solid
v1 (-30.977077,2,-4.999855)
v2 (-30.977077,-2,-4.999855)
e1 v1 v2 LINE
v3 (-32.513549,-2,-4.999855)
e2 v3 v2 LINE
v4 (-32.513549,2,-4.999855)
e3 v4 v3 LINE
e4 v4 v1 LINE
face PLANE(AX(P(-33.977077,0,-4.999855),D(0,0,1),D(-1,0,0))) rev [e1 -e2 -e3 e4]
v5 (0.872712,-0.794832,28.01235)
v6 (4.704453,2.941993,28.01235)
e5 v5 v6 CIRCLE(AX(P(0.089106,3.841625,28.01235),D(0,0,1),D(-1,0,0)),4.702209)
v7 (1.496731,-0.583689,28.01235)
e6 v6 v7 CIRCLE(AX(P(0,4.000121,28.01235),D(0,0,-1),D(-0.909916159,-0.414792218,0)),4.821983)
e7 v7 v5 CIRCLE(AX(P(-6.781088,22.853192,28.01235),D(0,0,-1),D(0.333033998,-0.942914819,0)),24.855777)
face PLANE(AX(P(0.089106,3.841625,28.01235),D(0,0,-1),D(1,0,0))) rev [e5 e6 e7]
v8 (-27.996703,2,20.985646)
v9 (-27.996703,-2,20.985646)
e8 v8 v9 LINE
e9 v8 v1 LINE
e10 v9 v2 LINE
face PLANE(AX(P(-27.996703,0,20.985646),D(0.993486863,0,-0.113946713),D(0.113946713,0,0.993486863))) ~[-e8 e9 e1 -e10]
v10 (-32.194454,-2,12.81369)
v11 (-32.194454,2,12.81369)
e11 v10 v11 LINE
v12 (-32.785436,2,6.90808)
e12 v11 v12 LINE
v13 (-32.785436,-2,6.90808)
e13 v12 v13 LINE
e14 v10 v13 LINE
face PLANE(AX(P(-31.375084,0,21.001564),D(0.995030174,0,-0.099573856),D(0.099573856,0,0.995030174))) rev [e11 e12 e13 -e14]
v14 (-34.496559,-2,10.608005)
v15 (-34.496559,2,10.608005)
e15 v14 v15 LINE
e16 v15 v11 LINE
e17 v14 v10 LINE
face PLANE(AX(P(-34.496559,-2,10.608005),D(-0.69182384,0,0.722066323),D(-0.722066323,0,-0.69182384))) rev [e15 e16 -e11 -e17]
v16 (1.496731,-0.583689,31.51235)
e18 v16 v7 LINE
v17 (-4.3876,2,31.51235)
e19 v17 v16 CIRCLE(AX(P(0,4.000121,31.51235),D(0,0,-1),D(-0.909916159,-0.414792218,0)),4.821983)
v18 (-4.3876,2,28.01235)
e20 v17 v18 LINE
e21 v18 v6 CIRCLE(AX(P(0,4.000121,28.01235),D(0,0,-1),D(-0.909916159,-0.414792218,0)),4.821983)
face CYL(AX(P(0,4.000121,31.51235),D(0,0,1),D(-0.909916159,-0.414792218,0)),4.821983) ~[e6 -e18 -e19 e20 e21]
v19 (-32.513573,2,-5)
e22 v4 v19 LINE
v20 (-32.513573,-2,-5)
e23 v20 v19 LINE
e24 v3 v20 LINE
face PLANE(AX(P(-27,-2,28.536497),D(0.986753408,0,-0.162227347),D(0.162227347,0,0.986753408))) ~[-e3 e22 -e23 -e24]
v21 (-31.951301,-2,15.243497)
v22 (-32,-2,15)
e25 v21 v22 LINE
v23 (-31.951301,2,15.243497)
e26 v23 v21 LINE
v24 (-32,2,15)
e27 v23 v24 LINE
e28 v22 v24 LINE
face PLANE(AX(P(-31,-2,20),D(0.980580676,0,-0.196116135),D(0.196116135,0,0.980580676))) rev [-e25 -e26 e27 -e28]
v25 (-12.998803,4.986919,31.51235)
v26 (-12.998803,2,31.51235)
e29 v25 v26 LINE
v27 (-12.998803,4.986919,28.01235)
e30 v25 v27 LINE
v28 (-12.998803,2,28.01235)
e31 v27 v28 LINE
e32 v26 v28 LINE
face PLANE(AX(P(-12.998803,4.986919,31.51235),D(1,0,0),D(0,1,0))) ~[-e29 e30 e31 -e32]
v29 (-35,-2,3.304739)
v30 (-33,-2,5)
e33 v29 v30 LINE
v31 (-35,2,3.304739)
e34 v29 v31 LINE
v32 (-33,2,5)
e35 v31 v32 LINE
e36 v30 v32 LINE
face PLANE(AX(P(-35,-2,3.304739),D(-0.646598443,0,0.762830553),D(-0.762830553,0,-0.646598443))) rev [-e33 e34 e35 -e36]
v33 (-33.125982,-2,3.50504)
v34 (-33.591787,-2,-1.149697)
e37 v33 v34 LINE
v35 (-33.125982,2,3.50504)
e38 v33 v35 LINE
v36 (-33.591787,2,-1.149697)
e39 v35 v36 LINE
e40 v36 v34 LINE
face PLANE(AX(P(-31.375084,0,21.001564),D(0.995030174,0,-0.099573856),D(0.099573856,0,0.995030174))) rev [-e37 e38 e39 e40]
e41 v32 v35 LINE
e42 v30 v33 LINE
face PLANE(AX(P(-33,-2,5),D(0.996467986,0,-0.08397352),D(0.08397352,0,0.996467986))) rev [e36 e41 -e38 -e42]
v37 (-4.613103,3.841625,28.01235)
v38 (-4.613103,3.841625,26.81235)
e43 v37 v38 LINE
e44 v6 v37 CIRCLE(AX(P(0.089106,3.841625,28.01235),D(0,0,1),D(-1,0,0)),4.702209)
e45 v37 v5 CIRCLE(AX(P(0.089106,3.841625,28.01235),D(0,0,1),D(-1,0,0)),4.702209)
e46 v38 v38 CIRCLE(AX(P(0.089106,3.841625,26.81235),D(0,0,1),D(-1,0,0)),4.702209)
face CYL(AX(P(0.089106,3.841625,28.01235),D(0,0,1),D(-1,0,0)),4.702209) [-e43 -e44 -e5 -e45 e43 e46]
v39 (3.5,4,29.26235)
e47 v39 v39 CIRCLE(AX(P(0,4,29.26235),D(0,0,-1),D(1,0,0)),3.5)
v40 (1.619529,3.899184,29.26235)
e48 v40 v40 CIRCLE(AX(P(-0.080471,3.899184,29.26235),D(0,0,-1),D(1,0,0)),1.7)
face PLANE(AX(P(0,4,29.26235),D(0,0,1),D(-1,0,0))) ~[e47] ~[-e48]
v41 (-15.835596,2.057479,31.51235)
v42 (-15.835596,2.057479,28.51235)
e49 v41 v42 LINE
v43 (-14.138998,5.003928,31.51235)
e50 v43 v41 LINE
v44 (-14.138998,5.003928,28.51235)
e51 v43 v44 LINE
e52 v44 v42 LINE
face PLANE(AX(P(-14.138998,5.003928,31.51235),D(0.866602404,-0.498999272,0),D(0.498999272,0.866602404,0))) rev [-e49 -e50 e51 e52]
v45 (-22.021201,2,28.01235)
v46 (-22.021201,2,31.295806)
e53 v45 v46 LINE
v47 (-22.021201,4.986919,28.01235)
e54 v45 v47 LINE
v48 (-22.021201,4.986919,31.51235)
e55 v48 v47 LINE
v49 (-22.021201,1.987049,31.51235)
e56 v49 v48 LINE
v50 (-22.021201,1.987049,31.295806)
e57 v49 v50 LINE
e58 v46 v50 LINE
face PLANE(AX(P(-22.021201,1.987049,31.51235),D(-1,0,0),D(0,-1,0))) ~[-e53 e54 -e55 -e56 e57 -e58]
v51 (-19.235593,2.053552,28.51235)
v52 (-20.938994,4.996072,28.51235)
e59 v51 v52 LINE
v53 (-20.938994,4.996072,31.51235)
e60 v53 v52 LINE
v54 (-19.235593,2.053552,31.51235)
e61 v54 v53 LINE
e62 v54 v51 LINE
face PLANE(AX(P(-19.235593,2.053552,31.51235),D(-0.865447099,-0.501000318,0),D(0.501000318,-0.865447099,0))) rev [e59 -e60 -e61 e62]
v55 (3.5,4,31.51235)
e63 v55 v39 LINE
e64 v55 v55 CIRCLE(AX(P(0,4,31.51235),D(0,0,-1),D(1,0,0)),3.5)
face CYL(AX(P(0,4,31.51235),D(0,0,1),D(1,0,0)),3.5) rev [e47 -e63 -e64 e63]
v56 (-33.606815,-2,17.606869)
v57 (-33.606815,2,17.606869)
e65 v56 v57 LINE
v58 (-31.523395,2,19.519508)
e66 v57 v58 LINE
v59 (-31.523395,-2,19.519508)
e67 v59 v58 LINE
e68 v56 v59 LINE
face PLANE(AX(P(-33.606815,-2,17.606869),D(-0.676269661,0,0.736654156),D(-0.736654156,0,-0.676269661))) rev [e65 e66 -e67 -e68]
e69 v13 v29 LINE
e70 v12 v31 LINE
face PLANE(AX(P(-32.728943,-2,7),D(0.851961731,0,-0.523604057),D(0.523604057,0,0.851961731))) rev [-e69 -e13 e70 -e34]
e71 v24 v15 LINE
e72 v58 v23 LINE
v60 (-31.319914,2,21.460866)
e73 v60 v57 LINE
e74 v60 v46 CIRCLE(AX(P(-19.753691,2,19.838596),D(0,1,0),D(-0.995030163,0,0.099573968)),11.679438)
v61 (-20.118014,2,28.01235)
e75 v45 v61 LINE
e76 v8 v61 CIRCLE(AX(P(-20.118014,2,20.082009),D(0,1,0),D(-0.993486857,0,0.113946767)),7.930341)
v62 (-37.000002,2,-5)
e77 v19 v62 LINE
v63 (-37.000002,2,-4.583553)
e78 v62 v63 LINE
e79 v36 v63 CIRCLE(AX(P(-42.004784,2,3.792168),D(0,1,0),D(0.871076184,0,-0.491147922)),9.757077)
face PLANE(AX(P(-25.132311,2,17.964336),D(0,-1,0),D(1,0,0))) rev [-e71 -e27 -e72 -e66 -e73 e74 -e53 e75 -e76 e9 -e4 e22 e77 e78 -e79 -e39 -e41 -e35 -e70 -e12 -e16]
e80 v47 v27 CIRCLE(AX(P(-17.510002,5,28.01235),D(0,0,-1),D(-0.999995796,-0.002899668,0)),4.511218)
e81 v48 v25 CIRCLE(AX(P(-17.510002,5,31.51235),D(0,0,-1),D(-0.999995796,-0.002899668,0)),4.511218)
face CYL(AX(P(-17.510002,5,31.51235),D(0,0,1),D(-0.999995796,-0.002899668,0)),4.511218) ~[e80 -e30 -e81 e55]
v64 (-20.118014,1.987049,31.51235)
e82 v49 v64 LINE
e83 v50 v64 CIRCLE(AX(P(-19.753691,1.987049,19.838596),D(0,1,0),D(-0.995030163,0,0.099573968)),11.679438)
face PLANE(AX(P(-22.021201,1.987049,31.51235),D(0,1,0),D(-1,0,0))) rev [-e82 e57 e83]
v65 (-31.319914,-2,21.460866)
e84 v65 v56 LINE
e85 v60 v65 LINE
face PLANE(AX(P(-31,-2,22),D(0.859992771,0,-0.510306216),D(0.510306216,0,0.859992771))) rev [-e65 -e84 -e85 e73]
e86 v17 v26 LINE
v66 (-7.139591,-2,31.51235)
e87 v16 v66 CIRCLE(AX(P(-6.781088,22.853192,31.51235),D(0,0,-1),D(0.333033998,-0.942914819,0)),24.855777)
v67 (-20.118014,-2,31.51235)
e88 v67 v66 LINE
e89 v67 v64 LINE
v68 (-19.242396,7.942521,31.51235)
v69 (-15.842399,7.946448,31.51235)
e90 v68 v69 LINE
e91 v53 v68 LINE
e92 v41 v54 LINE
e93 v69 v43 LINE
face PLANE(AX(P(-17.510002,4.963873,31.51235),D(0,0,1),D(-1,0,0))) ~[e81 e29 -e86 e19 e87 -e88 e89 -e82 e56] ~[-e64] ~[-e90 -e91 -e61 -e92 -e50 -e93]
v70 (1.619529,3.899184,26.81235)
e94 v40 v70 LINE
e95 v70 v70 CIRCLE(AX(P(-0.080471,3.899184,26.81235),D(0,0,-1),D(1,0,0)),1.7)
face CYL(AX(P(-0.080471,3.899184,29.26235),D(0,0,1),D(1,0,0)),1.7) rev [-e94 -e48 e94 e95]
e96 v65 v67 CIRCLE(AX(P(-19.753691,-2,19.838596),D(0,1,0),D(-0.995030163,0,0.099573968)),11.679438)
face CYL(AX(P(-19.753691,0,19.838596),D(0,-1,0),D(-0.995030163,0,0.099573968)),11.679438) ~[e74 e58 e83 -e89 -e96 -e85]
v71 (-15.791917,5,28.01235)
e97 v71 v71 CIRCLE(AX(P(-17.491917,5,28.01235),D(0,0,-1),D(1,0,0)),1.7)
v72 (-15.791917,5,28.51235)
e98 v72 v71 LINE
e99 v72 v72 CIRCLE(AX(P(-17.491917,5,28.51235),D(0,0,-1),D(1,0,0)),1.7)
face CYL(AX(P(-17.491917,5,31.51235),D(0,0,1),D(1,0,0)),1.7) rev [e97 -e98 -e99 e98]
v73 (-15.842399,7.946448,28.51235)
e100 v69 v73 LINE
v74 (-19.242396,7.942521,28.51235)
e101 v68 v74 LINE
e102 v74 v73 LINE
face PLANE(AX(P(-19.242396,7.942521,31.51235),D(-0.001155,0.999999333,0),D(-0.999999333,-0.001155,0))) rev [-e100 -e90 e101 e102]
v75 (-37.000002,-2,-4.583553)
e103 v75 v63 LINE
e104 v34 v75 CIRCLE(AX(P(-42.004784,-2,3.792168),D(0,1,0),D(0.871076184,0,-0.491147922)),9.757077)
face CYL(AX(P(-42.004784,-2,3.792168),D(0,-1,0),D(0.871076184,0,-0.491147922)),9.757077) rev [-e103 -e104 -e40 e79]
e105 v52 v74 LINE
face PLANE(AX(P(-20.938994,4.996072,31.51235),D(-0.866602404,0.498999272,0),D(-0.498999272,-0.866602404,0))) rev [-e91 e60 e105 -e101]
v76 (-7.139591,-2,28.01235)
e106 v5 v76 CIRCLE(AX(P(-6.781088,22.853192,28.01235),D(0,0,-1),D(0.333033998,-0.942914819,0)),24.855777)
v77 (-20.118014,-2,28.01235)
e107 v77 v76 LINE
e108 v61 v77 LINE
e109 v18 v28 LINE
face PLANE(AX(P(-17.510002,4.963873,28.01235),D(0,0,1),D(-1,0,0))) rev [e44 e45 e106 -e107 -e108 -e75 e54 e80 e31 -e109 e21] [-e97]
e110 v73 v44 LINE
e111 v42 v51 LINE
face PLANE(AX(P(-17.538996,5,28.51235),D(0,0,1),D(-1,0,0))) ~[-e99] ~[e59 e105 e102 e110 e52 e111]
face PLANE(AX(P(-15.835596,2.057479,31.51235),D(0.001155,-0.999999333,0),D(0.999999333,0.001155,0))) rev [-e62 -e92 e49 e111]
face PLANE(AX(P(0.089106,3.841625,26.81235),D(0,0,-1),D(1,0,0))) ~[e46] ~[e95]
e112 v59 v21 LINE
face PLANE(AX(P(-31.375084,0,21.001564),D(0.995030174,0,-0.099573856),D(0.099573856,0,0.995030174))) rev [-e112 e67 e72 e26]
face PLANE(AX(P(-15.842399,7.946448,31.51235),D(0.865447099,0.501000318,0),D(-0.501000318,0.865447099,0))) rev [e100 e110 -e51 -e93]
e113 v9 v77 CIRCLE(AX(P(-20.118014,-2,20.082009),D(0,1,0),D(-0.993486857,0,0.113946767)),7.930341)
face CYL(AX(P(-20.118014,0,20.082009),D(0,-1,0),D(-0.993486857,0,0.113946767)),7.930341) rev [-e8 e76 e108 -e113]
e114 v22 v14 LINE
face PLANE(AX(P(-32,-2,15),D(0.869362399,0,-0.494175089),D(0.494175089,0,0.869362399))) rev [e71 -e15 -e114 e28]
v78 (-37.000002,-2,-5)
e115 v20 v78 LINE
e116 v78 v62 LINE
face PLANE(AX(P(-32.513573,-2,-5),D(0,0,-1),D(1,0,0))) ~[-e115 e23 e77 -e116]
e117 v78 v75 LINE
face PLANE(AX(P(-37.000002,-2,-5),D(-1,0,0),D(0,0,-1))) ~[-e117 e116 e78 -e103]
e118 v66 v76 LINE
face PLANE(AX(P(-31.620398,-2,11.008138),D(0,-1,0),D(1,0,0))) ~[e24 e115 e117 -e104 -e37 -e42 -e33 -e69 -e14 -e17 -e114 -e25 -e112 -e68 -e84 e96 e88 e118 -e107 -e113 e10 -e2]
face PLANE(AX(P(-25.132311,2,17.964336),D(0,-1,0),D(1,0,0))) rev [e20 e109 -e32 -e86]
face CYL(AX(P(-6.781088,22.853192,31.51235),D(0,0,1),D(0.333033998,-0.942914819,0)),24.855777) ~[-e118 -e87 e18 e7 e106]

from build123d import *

# Parameters (mm, degrees)
PAD063_DEPTH       = 2
PAD064_DEPTH       = 3.5
SKETCH106_R        = 3.5
POCKET003047_DEPTH = 2.25
SKETCH107_R        = 4.702209
PAD065_DEPTH       = 1.2
SKETCH108_R        = 1.7
POCKET003048_DEPTH = 5
PAD066_DEPTH       = 3.5
SKETCH110_R        = 1.7
POCKET003049_DEPTH = 5
POCKET003050_DEPTH = 3
PAD068_DEPTH       = 4


with BuildPart() as v4_non_servo_sg92_leg:
    # Sketch104 → Pad063 (new body, symmetric)
    with BuildSketch(Plane.XZ):
        with BuildLine():
            Line((7.19326, 28.01235), (20.118014, 28.01235))
            ThreePointArc((27.996703, 20.985646), (25.396468, 26.000474), (20.118014, 28.01235))
            Line((27.996703, 20.985646), (30.977077, -4.999855))
            Line((33.977077, -4.999855), (30.977077, -4.999855))
            Line((31.375084, 21.001564), (33.977077, -4.999855))
            ThreePointArc((31.375084, 21.001564), (27.724482, 28.375326), (20.118014, 31.51235))
            Line((7.19326, 31.51235), (20.118014, 31.51235))
            Line((7.19326, 28.01235), (7.19326, 31.51235))
        make_face()
    extrude(amount=PAD063_DEPTH, both=True)

    # Sketch105 → Pad064 (new body)
    with BuildSketch(Plane(origin=(0, 0, 31.51235), x_dir=(-1, 0, 0), z_dir=(0, 0, 1))):
        with BuildLine():
            Line((-18, 2), (-18, -2))
            Line((-18, -2), (-4.3876, -2))
            ThreePointArc((-4.3876, -2), (1.938593, -8.415251), (1.496731, 0.583689))
            ThreePointArc((1.496731, 0.583689), (-2.758605, 1.674941), (-7.139591, 2))
            Line((-18, 2), (-7.139591, 2))
        make_face()
    extrude(amount=-PAD064_DEPTH)

    # Sketch106 → Pocket003047 (cut)
    with BuildSketch(Plane(origin=(0, 0, 31.51235), x_dir=(-1, 0, 0), z_dir=(0, 0, 1))):
        with Locations((0, -4)):
            Circle(SKETCH106_R)
    extrude(amount=-POCKET003047_DEPTH, mode=Mode.SUBTRACT)

    # Sketch107 → Pad065 (new body)
    with BuildSketch(Plane(origin=(0, 0, 28.01235), x_dir=(1, 0, 0), z_dir=(0, 0, -1))):
        with Locations((-0.089106, -3.841625)):
            Circle(SKETCH107_R)
    extrude(amount=PAD065_DEPTH)

    # Sketch108 → Pocket003048 (cut)
    with BuildSketch(Plane(origin=(0, 0, 29.26235), x_dir=(-1, 0, 0), z_dir=(0, 0, 1))):
        with Locations((-0.080471, -3.899184)):
            Circle(SKETCH108_R)
    extrude(amount=-POCKET003048_DEPTH, mode=Mode.SUBTRACT)

    # Sketch109 → Pad066 (new body)
    with BuildSketch(Plane(origin=(0, 0, 31.51235), x_dir=(-1, 0, 0), z_dir=(0, 0, 1))):
        with BuildLine():
            Line((-22.021201, -1.987049), (-22.021201, -4.986919))
            ThreePointArc((-22.021201, -4.986919), (-17.510002, -9.511218), (-12.998803, -4.986919))
            Line((-12.998803, -4.986919), (-12.998803, -1.987049))
            Line((-22.021201, -1.987049), (-12.998803, -1.987049))
        make_face()
    extrude(amount=-PAD066_DEPTH)

    # Sketch110 → Pocket003049 (cut)
    with BuildSketch(Plane(origin=(0, 0, 31.51235), x_dir=(-1, 0, 0), z_dir=(0, 0, 1))):
        with Locations((-17.491917, -5)):
            Circle(SKETCH110_R)
    extrude(amount=-POCKET003049_DEPTH, mode=Mode.SUBTRACT)

    # Sketch111 → Pocket003050 (cut)
    with BuildSketch(Plane(origin=(0, 0, 31.51235), x_dir=(-1, 0, 0), z_dir=(0, 0, 1))):
        Polygon((-14.138998, -5.003928), (-15.835596, -2.057479), (-19.235593, -2.053552), (-20.938994, -4.996072), (-19.242396, -7.942521), (-15.842399, -7.946448), align=None)
    extrude(amount=-POCKET003050_DEPTH, mode=Mode.SUBTRACT)

    # Sketch112 → Pad068 (new body)
    with BuildSketch(Plane.XZ.offset(2)):
        with BuildLine():
            Line((27, 28.536497), (32.513573, -5))
            Line((32.513573, -5), (37.000002, -5))
            Line((37.000002, -5), (37.000002, -4.583553))
            ThreePointArc((33.505627, -1), (35.019116, -3.019659), (37.000002, -4.583553))
            Line((33, 5), (33.505627, -1))
            Line((35, 3.304739), (33, 5))
            Line((32.728943, 7), (35, 3.304739))
            Line((32, 13), (32.728943, 7))
            Line((34.496559, 10.608005), (32, 13))
            Line((32, 15), (34.496559, 10.608005))
            Line((31, 20), (32, 15))
            Line((33.606815, 17.606869), (31, 20))
            Line((31, 22), (33.606815, 17.606869))
            Line((27, 28.536497), (31, 22))
        make_face()
    extrude(amount=-PAD068_DEPTH)


with BuildPart() as part_mirroring012:
    # Part__Mirroring012: instance of V4_non_servo_SG92_leg
    add(v4_non_servo_sg92_leg.part.mirror(Plane(origin=(0, 0, 0), x_dir=(0, -1, 0), z_dir=(1, 0, 0))))


solid = part_mirroring012.part
